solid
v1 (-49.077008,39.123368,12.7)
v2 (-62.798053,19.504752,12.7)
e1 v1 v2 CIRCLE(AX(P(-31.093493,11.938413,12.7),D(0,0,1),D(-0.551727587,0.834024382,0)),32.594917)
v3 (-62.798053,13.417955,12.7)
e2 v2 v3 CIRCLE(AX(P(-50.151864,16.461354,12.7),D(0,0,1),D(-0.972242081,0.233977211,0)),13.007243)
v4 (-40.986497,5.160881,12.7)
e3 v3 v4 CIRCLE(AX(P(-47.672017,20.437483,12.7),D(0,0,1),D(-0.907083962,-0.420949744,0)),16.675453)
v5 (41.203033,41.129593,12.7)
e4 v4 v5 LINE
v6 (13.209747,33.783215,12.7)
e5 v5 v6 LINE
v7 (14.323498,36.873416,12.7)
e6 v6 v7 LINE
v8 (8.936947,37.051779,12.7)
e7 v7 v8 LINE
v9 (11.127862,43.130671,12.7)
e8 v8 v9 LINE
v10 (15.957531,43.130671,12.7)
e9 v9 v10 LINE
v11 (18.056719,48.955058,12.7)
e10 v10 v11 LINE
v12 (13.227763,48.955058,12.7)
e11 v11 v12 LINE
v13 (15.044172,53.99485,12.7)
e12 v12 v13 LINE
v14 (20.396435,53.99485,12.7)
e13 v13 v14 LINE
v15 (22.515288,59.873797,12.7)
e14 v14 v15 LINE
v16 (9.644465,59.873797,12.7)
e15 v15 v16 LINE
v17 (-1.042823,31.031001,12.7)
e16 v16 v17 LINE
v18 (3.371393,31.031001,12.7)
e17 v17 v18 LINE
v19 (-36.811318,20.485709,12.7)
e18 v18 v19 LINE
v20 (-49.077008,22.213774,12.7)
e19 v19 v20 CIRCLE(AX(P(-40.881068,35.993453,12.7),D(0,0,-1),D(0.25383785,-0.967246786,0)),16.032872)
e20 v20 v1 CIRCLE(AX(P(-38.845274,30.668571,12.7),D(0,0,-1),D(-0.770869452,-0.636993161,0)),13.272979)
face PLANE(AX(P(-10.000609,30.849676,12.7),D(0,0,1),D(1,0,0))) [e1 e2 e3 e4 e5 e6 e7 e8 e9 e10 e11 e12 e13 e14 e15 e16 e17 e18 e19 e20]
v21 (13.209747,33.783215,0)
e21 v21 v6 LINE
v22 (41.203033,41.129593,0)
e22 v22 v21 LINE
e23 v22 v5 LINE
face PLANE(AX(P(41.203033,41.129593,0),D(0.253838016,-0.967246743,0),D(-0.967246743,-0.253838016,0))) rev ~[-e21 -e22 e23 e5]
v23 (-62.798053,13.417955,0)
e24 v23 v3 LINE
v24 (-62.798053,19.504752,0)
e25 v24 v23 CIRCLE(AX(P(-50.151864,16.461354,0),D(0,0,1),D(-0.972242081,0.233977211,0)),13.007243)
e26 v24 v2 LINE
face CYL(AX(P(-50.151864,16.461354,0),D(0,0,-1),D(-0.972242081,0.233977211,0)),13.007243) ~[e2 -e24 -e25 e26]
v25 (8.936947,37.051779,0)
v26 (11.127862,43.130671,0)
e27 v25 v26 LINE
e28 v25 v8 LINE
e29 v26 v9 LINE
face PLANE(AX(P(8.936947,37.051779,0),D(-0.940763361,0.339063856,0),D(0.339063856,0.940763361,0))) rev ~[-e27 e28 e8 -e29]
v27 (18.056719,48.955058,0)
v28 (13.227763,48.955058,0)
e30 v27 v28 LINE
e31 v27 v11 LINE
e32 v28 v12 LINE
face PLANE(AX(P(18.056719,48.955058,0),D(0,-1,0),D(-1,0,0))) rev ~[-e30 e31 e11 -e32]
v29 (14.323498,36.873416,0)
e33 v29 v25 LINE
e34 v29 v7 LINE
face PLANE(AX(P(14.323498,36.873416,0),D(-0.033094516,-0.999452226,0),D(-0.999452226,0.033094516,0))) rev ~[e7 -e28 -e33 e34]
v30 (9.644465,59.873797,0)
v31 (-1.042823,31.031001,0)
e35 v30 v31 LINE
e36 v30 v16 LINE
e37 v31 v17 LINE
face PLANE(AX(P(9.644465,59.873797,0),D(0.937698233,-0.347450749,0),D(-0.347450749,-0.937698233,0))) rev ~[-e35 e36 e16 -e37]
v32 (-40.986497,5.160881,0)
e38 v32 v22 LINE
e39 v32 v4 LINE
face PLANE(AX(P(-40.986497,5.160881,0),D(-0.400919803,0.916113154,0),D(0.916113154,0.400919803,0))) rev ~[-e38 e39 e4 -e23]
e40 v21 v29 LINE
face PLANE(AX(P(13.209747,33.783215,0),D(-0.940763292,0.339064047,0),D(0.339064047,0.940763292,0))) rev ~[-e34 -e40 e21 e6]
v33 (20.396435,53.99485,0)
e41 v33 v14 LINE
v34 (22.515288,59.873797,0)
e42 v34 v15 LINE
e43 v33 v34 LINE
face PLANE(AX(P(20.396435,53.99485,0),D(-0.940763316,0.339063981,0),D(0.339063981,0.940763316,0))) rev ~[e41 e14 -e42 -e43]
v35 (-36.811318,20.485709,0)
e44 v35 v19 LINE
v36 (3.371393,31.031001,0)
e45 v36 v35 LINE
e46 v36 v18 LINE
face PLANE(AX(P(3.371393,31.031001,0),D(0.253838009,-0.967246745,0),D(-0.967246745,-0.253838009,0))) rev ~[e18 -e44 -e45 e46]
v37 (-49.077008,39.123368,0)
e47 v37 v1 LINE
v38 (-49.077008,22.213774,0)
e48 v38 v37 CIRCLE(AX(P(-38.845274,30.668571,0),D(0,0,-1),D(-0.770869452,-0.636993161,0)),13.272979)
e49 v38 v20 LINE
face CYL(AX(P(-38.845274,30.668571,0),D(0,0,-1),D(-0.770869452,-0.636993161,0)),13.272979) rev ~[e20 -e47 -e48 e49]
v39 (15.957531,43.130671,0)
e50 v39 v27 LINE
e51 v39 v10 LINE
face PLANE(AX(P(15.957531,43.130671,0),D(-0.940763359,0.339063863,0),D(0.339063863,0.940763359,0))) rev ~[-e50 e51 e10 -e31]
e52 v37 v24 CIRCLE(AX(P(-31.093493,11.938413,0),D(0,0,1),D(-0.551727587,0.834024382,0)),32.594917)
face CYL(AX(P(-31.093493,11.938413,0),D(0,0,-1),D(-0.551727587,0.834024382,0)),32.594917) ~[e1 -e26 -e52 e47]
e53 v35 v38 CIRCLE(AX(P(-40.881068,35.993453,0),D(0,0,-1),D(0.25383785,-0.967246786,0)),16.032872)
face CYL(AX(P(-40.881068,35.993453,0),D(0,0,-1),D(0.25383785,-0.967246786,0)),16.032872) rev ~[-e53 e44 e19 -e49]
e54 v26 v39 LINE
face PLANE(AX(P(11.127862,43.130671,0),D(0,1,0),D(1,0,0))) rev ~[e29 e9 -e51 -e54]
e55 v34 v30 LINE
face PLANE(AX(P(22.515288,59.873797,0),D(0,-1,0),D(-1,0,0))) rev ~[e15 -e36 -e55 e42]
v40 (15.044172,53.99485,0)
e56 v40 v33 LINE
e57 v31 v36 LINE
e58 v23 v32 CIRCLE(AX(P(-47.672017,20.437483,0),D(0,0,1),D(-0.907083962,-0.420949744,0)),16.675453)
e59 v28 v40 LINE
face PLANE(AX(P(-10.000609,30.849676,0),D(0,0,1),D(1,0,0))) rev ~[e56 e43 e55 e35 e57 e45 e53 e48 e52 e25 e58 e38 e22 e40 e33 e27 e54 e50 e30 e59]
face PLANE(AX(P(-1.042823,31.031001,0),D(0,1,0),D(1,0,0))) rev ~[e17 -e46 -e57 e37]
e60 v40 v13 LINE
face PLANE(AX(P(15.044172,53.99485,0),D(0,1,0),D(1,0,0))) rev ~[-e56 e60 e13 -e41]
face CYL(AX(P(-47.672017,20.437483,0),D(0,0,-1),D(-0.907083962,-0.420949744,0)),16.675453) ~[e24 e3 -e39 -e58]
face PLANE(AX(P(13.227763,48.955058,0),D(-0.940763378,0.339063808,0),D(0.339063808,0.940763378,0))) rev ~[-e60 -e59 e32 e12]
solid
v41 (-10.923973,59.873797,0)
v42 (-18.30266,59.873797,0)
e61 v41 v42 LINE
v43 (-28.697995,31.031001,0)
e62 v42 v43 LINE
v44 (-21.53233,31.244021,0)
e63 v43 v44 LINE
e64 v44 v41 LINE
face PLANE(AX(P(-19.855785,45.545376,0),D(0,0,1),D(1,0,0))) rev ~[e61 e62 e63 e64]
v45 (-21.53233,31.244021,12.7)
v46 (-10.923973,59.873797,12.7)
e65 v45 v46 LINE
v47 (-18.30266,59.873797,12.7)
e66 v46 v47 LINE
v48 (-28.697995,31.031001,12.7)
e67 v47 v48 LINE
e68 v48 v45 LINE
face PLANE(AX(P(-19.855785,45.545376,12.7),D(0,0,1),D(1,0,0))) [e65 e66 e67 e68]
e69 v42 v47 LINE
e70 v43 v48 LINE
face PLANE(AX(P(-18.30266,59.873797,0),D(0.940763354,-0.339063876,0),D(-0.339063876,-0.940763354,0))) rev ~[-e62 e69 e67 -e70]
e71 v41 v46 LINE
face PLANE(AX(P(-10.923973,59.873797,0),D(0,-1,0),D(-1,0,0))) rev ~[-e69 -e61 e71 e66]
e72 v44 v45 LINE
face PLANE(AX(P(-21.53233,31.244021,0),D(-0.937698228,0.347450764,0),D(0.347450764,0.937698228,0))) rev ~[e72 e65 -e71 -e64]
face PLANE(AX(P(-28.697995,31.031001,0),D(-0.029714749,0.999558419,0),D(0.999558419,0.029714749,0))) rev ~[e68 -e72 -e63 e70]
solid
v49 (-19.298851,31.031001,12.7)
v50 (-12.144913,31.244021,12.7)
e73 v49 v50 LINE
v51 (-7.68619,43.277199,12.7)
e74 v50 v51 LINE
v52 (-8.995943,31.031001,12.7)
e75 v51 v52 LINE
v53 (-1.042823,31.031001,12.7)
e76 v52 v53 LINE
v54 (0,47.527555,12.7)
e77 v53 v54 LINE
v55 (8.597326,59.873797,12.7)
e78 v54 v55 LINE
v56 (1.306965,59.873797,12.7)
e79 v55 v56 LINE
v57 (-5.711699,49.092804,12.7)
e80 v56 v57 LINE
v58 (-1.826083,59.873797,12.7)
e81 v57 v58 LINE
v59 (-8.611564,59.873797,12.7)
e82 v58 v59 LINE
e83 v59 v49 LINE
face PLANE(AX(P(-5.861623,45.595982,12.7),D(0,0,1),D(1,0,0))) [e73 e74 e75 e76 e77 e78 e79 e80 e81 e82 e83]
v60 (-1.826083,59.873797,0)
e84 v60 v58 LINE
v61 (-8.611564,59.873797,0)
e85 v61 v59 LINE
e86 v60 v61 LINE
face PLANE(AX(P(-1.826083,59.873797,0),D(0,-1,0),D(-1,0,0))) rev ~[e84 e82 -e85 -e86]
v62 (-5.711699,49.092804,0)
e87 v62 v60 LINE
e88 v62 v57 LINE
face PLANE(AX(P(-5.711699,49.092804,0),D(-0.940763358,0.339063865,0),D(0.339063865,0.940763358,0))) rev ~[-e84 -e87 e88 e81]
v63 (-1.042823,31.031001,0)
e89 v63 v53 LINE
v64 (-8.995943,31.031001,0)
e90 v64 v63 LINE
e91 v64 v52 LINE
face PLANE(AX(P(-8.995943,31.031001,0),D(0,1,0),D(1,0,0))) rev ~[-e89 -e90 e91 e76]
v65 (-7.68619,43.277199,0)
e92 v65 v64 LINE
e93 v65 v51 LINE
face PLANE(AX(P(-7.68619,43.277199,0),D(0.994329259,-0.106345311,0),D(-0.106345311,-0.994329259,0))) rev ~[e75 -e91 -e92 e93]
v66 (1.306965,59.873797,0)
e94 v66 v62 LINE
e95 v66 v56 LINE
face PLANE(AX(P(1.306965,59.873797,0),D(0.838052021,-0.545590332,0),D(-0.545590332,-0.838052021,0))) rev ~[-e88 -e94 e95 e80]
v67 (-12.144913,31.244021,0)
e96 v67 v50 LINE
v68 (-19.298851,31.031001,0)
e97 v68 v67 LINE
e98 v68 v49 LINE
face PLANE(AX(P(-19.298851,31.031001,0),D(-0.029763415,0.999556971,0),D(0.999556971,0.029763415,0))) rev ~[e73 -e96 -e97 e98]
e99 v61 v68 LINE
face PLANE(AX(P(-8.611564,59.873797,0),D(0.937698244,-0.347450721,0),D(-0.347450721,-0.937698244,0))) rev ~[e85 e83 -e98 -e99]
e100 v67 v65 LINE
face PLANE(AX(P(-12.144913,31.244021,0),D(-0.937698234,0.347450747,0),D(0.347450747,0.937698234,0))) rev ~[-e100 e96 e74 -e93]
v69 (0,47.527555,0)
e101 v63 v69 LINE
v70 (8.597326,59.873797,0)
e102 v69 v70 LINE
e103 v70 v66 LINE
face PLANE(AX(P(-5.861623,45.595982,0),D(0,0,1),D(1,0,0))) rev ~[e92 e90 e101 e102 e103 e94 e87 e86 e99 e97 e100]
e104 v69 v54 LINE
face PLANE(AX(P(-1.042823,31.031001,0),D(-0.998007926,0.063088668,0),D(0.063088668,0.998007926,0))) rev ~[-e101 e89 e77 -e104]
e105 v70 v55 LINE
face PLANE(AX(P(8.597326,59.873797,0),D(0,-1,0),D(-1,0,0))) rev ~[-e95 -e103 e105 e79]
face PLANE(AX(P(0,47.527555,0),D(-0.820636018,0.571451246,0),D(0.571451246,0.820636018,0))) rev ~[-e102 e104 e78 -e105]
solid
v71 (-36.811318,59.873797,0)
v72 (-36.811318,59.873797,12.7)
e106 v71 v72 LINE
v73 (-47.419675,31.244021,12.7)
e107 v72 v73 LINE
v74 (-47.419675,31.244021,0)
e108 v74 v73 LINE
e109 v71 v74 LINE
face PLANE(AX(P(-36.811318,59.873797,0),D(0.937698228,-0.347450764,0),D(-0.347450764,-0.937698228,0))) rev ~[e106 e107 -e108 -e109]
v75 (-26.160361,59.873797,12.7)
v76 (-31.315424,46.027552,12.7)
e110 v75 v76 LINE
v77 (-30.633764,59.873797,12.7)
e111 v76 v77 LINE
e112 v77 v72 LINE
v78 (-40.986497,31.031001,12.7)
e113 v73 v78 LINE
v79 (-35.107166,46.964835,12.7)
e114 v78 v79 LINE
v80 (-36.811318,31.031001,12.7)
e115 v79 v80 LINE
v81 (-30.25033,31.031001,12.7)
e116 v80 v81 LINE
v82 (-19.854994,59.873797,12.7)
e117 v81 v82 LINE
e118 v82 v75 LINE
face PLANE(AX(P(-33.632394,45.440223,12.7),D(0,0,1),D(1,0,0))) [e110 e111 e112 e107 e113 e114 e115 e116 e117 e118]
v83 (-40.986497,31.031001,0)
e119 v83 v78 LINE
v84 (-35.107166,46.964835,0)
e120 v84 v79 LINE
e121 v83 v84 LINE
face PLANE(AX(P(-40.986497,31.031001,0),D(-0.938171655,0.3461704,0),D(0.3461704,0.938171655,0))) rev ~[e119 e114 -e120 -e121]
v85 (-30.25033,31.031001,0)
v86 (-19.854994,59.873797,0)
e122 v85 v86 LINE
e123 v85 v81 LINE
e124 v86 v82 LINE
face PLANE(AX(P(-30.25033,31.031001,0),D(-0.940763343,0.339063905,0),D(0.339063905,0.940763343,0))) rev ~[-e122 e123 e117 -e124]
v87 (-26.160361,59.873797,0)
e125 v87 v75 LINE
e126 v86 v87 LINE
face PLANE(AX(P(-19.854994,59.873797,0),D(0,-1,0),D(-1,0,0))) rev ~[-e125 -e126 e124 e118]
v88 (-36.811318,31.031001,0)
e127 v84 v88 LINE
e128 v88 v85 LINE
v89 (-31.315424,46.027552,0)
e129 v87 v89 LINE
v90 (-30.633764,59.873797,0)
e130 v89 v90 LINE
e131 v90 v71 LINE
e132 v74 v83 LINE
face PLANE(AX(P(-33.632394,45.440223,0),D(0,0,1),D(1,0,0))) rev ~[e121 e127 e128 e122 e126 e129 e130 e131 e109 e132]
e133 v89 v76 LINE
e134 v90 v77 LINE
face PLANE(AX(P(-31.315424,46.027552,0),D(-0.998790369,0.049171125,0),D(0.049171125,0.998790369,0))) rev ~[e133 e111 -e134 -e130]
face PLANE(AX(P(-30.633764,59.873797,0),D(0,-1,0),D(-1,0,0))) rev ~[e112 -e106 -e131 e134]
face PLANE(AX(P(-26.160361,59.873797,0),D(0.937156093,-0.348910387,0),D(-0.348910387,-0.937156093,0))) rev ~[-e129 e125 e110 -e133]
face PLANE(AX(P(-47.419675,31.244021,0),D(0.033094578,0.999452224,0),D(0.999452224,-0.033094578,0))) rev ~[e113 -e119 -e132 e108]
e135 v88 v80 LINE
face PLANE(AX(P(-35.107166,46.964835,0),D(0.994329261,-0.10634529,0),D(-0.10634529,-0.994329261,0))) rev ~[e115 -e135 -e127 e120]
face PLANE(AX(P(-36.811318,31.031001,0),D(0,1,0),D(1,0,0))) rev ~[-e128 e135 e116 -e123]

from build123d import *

# Parameters (mm, degrees)
F1_DEPTH = 12.7


with BuildPart() as f1:
    # F0 (on Top) → F1 (new body)
    with BuildSketch(Plane.XY):
        Polygon((-36.811318, 59.873797), (-47.419675, 31.244021), (-40.986497, 31.031001), (-35.107166, 46.964835), (-36.811318, 31.031001), (-30.25033, 31.031001), (-19.854994, 59.873797), (-26.160361, 59.873797), (-31.315424, 46.027552), (-30.633764, 59.873797), align=None)
        Polygon((-18.30266, 59.873797), (-28.697995, 31.031001), (-21.53233, 31.244021), (-10.923973, 59.873797), align=None)
        Polygon((-8.611564, 59.873797), (-19.298851, 31.031001), (-12.144913, 31.244021), (-7.68619, 43.277199), (-8.995943, 31.031001), (-1.042823, 31.031001), (0, 47.527555), (8.597326, 59.873797), (1.306965, 59.873797), (-5.711699, 49.092804), (-1.826083, 59.873797), align=None)
        with BuildLine():
            Line((9.644465, 59.873797), (-1.042823, 31.031001))
            Line((-1.042823, 31.031001), (3.371393, 31.031001))
            Line((3.371393, 31.031001), (-36.811318, 20.485709))
            ThreePointArc((-36.811318, 20.485709), (-43.117787, 20.117368), (-49.077008, 22.213774))
            ThreePointArc((-49.077008, 22.213774), (-52.118253, 30.668571), (-49.077008, 39.123368))
            ThreePointArc((-49.077008, 39.123368), (-57.803954, 30.619416), (-62.798053, 19.504752))
            ThreePointArc((-62.798053, 19.504752), (-63.159107, 16.461354), (-62.798053, 13.417955))
            ThreePointArc((-62.798053, 13.417955), (-53.575863, 4.84212), (-40.986497, 5.160881))
            Line((-40.986497, 5.160881), (41.203033, 41.129593))
            Line((41.203033, 41.129593), (13.209747, 33.783215))
            Line((13.209747, 33.783215), (14.323498, 36.873416))
            Line((14.323498, 36.873416), (8.936947, 37.051779))
            Line((8.936947, 37.051779), (11.127862, 43.130671))
            Line((11.127862, 43.130671), (15.957531, 43.130671))
            Line((15.957531, 43.130671), (18.056719, 48.955058))
            Line((18.056719, 48.955058), (13.227763, 48.955058))
            Line((13.227763, 48.955058), (15.044172, 53.99485))
            Line((15.044172, 53.99485), (20.396435, 53.99485))
            Line((20.396435, 53.99485), (22.515288, 59.873797))
            Line((22.515288, 59.873797), (9.644465, 59.873797))
        make_face()
    extrude(amount=F1_DEPTH)


solid = f1.part
